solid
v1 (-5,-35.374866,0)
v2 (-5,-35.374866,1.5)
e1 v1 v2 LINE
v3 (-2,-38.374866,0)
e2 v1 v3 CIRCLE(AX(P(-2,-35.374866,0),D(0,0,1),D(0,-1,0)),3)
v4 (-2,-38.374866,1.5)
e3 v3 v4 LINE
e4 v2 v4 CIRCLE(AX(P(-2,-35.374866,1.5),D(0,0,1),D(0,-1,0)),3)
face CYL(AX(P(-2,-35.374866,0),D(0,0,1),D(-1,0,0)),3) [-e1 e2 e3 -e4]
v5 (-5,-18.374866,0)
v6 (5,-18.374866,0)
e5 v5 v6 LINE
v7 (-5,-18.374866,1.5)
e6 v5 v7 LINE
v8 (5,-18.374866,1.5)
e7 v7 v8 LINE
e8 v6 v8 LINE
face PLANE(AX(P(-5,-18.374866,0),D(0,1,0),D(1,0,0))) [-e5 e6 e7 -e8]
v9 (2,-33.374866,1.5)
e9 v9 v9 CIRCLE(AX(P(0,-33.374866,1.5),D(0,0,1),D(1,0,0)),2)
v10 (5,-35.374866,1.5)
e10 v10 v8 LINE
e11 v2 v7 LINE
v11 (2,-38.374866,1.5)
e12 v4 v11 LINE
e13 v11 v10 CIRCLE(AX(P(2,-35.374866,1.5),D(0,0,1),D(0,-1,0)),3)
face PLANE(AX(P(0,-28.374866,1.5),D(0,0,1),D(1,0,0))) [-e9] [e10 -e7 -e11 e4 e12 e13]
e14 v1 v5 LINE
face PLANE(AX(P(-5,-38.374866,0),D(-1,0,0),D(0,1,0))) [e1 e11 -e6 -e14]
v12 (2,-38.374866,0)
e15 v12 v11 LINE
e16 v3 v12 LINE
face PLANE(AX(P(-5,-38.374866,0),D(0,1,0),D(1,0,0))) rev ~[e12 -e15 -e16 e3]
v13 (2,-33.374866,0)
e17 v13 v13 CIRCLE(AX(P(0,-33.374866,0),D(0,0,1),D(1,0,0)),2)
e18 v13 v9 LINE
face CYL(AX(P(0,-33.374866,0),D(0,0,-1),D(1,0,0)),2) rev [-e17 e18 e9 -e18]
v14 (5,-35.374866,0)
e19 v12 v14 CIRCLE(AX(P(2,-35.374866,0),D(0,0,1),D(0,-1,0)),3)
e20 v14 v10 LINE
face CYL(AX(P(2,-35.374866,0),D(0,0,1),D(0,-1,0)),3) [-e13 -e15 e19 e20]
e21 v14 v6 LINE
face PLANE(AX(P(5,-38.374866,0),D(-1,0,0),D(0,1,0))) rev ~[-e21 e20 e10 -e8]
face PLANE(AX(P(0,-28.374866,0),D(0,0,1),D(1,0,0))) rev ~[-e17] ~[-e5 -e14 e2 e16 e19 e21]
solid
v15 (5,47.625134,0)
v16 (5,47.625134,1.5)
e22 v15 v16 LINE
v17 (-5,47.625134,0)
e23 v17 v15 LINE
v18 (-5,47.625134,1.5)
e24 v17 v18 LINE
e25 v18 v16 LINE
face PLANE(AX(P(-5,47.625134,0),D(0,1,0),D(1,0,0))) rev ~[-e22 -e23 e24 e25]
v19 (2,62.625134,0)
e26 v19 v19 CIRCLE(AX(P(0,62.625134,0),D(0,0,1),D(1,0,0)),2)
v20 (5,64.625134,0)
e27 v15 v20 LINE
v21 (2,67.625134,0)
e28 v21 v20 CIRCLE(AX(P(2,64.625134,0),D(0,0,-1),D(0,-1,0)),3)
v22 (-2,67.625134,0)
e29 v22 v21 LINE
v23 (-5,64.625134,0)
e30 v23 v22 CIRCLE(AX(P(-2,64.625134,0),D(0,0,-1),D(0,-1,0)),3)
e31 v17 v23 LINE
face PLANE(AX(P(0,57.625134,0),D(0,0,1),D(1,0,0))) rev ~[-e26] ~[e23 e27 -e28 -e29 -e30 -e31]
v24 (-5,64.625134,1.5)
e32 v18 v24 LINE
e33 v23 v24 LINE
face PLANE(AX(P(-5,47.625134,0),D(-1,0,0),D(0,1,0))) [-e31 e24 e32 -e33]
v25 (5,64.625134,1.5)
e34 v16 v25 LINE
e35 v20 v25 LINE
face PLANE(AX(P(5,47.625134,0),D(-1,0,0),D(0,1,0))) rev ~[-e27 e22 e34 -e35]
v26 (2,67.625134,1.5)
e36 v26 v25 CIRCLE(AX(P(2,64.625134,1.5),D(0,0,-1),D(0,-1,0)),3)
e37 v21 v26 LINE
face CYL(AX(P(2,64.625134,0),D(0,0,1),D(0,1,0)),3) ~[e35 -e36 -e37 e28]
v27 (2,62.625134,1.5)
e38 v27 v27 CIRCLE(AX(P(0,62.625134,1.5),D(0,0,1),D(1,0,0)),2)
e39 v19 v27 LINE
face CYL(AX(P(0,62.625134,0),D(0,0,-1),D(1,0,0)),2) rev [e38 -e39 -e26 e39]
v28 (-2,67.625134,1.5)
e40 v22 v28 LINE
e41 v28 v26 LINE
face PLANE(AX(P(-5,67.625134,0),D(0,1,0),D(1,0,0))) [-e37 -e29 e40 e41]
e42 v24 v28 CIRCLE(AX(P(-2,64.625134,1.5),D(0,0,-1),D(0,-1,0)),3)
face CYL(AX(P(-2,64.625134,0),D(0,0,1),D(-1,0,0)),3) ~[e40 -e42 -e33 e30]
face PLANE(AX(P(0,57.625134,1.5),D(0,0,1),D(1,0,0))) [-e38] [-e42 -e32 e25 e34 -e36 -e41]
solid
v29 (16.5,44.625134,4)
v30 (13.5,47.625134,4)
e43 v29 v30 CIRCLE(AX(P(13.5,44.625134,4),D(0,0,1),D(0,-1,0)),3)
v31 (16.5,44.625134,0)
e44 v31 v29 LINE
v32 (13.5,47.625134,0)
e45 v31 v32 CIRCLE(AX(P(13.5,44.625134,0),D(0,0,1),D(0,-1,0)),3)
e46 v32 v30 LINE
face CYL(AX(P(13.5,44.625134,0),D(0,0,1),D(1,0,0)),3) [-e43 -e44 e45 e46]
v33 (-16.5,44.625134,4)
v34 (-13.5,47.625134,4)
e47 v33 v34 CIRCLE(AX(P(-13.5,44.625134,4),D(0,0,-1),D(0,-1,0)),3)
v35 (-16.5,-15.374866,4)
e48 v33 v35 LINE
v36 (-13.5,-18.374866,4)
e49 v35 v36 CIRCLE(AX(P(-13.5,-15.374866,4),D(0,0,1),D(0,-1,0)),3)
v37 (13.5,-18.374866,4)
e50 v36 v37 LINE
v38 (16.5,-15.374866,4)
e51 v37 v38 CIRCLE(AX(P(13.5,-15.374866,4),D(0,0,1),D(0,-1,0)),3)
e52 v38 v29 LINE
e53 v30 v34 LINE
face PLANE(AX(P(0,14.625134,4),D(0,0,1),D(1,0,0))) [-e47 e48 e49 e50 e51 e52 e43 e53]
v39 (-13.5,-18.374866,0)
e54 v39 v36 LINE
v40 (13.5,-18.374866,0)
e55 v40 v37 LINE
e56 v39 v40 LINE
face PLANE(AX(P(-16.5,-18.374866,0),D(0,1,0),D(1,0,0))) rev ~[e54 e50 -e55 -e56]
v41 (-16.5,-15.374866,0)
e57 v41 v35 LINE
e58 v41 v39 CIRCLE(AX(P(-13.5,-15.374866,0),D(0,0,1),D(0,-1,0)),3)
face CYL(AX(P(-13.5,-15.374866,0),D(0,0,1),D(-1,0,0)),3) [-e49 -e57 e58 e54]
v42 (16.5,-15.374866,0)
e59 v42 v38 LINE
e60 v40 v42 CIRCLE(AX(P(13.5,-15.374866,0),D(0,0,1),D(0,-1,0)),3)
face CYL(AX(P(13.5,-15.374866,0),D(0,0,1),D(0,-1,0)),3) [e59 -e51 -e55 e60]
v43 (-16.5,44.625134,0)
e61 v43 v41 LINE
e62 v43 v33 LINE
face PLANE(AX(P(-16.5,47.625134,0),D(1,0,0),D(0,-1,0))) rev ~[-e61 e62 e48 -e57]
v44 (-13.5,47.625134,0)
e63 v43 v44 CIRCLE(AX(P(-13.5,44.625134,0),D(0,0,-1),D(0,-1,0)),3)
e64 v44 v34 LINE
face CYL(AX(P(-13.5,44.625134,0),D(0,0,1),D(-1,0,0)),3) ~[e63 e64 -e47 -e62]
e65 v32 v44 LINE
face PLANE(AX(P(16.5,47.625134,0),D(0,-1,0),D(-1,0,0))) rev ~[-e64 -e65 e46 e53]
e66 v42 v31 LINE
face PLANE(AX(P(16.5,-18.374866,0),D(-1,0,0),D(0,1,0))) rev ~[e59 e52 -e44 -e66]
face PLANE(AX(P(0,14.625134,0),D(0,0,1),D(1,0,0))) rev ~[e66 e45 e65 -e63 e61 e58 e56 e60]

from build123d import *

# Parameters (mm, degrees)
F0_W     = 10
F0_H     = 20
F0_R     = 2
F1_DEPTH = 1.5
F2_DEPTH = 4
F3_R     = 3
F3_2_R   = 3


with BuildPart() as f1:
    # F0 (on Top) → F1 (new body)
    with BuildSketch(Plane.XY):
        with Locations((0, 57.625134)):
            Rectangle(F0_W, F0_H)
        with Locations((0, 62.625134)):
            Circle(F0_R, mode=Mode.SUBTRACT)
        with Locations((0, -28.374866)):
            Rectangle(F0_W, F0_H)
        with Locations((0, -33.374866)):
            Circle(F0_R, mode=Mode.SUBTRACT)
    extrude(amount=F1_DEPTH)

    # F3#2
    f3_2_edges = [f1.edges().sort_by_distance(p)[0] for p in [
        (-5, -38.374866, 0.75),
        (5, -38.374866, 0.75),
        (5, 67.625134, 0.75),
        (-5, 67.625134, 0.75),
    ]]
    fillet(f3_2_edges, radius=F3_2_R)


with BuildPart() as f2:
    # F0 (on Top) → F2 (new body)
    with BuildSketch(Plane.XY):
        Polygon((-5, 47.625134), (-16.5, 47.625134), (-16.5, -18.374866), (-5, -18.374866), (5, -18.374866), (16.5, -18.374866), (16.5, 47.625134), (5, 47.625134), align=None)
    extrude(amount=F2_DEPTH)

    # F3
    f3_edges = [f2.edges().sort_by_distance(p)[0] for p in [
        (16.5, 47.625134, 2),
        (-16.5, 47.625134, 2),
        (-16.5, -18.374866, 2),
        (16.5, -18.374866, 2),
    ]]
    fillet(f3_edges, radius=F3_R)


solid = Compound([f1.part, f2.part])
